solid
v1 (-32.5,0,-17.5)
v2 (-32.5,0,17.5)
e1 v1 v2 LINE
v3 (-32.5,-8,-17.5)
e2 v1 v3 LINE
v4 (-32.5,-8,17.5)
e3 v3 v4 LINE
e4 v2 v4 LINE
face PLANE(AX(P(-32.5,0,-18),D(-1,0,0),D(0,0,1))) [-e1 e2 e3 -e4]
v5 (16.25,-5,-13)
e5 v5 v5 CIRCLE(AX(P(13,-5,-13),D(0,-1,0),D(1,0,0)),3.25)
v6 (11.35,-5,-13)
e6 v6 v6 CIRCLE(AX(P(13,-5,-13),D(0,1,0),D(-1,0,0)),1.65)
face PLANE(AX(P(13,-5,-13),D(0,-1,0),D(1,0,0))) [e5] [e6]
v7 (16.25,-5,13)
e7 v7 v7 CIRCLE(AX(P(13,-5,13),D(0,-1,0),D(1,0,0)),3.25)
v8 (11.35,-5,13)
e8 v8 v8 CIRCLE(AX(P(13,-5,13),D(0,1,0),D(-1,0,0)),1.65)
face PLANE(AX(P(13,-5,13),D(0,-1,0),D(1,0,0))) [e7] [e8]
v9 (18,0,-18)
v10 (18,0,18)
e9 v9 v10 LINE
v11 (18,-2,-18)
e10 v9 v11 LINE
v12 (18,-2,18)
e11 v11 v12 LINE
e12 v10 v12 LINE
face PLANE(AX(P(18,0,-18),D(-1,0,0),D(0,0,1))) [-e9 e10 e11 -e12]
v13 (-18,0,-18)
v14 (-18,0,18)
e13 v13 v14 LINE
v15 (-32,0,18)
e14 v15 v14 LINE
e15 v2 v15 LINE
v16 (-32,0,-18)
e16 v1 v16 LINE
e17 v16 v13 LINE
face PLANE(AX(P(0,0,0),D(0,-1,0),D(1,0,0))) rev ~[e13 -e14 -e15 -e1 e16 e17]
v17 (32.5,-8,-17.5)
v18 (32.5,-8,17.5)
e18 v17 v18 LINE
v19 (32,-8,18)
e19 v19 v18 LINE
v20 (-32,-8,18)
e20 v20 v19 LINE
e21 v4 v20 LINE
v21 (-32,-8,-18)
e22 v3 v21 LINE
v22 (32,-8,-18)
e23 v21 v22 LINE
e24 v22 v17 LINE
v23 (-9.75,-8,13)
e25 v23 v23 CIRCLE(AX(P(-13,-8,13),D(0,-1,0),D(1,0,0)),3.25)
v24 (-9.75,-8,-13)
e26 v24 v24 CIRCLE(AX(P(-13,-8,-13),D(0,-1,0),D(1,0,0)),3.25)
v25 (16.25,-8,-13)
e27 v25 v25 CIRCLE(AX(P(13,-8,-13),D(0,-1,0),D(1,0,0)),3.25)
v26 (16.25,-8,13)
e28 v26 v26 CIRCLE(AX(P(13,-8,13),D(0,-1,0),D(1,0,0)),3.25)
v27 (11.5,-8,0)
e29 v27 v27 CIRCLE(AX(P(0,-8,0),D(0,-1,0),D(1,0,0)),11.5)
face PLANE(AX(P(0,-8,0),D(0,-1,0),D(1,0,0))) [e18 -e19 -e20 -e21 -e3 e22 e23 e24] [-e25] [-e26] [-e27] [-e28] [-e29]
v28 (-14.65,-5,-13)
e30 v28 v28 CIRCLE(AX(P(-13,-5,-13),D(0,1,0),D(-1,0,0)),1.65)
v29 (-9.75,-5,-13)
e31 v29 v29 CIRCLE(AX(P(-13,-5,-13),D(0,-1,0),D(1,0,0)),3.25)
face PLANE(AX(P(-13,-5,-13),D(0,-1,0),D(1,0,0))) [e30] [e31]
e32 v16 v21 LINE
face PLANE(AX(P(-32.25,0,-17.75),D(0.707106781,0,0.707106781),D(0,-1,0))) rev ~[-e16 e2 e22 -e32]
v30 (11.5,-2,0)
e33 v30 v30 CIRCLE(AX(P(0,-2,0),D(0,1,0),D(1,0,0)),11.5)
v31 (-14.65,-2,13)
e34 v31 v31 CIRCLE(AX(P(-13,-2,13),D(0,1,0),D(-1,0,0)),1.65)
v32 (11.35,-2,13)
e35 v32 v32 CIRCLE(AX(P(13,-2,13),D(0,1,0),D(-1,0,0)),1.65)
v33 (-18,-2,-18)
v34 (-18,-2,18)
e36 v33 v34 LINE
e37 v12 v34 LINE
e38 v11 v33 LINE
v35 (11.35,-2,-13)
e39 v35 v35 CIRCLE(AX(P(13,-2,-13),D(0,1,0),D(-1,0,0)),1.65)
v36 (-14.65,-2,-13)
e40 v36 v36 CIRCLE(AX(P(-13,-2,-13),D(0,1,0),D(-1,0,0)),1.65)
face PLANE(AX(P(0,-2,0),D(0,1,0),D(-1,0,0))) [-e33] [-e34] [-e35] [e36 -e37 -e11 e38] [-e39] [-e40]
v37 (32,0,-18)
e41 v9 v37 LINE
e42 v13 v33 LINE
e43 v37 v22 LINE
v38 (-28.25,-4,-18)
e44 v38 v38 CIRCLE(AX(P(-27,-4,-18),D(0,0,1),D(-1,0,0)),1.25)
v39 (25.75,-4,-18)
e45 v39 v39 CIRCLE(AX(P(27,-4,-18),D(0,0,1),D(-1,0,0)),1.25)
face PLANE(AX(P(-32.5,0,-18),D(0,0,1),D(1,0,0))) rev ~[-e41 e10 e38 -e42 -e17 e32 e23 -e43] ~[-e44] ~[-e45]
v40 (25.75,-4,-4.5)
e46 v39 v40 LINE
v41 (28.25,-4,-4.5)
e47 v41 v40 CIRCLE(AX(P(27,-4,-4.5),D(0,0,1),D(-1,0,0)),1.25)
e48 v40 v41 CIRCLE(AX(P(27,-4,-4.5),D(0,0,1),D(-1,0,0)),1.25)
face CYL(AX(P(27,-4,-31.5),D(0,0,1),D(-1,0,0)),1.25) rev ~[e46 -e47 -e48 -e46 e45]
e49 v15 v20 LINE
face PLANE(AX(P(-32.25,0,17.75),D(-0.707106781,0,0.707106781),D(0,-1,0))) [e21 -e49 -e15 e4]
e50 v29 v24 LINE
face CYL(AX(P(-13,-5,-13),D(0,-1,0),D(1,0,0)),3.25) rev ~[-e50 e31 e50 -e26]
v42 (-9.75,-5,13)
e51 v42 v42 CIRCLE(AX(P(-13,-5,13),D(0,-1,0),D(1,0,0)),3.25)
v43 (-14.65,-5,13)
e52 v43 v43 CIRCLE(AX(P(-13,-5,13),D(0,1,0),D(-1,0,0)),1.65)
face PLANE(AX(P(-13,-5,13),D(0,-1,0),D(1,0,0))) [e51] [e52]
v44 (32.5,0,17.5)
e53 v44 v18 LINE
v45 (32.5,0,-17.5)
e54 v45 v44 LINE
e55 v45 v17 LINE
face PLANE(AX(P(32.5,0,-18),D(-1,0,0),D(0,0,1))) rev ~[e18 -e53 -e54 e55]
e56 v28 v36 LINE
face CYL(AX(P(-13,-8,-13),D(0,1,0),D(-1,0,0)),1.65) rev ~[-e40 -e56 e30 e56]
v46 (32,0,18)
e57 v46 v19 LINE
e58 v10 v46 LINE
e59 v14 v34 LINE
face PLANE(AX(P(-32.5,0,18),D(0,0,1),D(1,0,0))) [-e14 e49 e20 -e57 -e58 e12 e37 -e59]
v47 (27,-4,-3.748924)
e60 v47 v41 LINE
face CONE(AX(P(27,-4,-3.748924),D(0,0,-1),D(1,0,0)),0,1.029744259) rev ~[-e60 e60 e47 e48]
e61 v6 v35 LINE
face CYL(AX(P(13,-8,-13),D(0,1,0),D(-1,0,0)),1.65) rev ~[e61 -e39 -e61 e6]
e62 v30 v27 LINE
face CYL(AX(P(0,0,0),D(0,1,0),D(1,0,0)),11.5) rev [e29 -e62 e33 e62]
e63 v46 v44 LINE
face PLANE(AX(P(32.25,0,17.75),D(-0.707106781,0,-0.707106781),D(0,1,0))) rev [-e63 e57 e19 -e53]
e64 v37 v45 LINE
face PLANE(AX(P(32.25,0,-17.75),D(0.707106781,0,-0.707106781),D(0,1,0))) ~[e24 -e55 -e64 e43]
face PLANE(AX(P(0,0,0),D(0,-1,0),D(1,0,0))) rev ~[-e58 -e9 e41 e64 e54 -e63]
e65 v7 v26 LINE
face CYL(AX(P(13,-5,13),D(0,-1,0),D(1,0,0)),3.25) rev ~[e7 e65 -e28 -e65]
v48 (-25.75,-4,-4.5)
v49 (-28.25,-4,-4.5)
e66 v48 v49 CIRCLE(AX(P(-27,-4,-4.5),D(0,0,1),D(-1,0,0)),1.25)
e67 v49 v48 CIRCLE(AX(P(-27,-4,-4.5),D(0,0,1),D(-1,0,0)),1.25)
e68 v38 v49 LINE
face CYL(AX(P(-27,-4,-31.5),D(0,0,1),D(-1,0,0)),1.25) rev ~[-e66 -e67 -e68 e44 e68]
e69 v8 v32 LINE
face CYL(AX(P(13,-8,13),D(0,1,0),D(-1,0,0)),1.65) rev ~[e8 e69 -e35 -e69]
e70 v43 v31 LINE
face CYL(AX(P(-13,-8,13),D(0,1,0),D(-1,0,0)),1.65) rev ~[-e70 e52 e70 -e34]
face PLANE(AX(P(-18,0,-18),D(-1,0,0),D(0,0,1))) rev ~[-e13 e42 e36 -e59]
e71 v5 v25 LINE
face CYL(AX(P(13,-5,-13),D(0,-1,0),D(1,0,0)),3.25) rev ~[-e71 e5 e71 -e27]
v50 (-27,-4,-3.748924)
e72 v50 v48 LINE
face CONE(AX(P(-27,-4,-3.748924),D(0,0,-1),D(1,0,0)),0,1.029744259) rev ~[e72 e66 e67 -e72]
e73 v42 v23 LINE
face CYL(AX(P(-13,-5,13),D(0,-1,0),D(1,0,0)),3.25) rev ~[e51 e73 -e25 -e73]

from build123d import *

# Parameters (mm, degrees)
F0_W           = 65
F0_H           = 36
F0_R           = 11.5
F1_DEPTH       = 8
F3_D           = 3.3
F3_CBORE_D     = 6.5
F3_CBORE_DEPTH = 3
F4_SIZE        = 0.5
F6_D           = 2.5
F6_DEPTH       = 13.5
F6_TIP         = 0.7510757738
F7_W           = 36
F7_H           = 36
F7_R           = 1.65
F7_R_2         = 11.5
F8_DEPTH       = 2


with BuildPart() as f1:
    # F0 (on Front) → F1 (new body)
    with BuildSketch(Plane.XZ):
        Rectangle(F0_W, F0_H)
        Circle(F0_R, mode=Mode.SUBTRACT)
    extrude(amount=F1_DEPTH)

    # F3 (through all)
    with Locations(Plane.XZ.offset(8)):
        with Locations((13, 13), (13, -13), (-13, -13), (-13, 13)):
            CounterBoreHole(F3_D / 2, F3_CBORE_D / 2, F3_CBORE_DEPTH)

    # F4
    f4_edges = [f1.edges().sort_by_distance(p)[0] for p in [
        (-32.5, -4, 18),
        (32.5, -4, 18),
        (32.5, -4, -18),
        (-32.5, -4, -18),
    ]]
    chamfer(f4_edges, length=F4_SIZE)

    # F6
    with Locations(Plane(origin=(0, 0, -18), x_dir=(1, 0, 0), z_dir=(0, 0, -1))):
        with Locations((27, 4), (-27, 4)):
            Hole(F6_D / 2, depth=F6_DEPTH)
            with Locations((0, 0, -(F6_DEPTH + F6_TIP / 2))):  # 118° drill point
                Cone(0, F6_D / 2, F6_TIP, mode=Mode.SUBTRACT)

    # F7 (on face) → F8 (cut)
    with BuildSketch(Plane(origin=(0, 0, 0), x_dir=(-1, 0, 0), z_dir=(0, 1, 0))):
        Rectangle(F7_W, F7_H)
        with Locations((-13, -13)):
            Circle(F7_R, mode=Mode.SUBTRACT)
        with Locations((13, -13)):
            Circle(F7_R, mode=Mode.SUBTRACT)
        with Locations((-13, 13)):
            Circle(F7_R, mode=Mode.SUBTRACT)
        Circle(F7_R_2, mode=Mode.SUBTRACT)
        with Locations((13, 13)):
            Circle(F7_R, mode=Mode.SUBTRACT)
    extrude(amount=-F8_DEPTH, mode=Mode.SUBTRACT)


solid = f1.part
